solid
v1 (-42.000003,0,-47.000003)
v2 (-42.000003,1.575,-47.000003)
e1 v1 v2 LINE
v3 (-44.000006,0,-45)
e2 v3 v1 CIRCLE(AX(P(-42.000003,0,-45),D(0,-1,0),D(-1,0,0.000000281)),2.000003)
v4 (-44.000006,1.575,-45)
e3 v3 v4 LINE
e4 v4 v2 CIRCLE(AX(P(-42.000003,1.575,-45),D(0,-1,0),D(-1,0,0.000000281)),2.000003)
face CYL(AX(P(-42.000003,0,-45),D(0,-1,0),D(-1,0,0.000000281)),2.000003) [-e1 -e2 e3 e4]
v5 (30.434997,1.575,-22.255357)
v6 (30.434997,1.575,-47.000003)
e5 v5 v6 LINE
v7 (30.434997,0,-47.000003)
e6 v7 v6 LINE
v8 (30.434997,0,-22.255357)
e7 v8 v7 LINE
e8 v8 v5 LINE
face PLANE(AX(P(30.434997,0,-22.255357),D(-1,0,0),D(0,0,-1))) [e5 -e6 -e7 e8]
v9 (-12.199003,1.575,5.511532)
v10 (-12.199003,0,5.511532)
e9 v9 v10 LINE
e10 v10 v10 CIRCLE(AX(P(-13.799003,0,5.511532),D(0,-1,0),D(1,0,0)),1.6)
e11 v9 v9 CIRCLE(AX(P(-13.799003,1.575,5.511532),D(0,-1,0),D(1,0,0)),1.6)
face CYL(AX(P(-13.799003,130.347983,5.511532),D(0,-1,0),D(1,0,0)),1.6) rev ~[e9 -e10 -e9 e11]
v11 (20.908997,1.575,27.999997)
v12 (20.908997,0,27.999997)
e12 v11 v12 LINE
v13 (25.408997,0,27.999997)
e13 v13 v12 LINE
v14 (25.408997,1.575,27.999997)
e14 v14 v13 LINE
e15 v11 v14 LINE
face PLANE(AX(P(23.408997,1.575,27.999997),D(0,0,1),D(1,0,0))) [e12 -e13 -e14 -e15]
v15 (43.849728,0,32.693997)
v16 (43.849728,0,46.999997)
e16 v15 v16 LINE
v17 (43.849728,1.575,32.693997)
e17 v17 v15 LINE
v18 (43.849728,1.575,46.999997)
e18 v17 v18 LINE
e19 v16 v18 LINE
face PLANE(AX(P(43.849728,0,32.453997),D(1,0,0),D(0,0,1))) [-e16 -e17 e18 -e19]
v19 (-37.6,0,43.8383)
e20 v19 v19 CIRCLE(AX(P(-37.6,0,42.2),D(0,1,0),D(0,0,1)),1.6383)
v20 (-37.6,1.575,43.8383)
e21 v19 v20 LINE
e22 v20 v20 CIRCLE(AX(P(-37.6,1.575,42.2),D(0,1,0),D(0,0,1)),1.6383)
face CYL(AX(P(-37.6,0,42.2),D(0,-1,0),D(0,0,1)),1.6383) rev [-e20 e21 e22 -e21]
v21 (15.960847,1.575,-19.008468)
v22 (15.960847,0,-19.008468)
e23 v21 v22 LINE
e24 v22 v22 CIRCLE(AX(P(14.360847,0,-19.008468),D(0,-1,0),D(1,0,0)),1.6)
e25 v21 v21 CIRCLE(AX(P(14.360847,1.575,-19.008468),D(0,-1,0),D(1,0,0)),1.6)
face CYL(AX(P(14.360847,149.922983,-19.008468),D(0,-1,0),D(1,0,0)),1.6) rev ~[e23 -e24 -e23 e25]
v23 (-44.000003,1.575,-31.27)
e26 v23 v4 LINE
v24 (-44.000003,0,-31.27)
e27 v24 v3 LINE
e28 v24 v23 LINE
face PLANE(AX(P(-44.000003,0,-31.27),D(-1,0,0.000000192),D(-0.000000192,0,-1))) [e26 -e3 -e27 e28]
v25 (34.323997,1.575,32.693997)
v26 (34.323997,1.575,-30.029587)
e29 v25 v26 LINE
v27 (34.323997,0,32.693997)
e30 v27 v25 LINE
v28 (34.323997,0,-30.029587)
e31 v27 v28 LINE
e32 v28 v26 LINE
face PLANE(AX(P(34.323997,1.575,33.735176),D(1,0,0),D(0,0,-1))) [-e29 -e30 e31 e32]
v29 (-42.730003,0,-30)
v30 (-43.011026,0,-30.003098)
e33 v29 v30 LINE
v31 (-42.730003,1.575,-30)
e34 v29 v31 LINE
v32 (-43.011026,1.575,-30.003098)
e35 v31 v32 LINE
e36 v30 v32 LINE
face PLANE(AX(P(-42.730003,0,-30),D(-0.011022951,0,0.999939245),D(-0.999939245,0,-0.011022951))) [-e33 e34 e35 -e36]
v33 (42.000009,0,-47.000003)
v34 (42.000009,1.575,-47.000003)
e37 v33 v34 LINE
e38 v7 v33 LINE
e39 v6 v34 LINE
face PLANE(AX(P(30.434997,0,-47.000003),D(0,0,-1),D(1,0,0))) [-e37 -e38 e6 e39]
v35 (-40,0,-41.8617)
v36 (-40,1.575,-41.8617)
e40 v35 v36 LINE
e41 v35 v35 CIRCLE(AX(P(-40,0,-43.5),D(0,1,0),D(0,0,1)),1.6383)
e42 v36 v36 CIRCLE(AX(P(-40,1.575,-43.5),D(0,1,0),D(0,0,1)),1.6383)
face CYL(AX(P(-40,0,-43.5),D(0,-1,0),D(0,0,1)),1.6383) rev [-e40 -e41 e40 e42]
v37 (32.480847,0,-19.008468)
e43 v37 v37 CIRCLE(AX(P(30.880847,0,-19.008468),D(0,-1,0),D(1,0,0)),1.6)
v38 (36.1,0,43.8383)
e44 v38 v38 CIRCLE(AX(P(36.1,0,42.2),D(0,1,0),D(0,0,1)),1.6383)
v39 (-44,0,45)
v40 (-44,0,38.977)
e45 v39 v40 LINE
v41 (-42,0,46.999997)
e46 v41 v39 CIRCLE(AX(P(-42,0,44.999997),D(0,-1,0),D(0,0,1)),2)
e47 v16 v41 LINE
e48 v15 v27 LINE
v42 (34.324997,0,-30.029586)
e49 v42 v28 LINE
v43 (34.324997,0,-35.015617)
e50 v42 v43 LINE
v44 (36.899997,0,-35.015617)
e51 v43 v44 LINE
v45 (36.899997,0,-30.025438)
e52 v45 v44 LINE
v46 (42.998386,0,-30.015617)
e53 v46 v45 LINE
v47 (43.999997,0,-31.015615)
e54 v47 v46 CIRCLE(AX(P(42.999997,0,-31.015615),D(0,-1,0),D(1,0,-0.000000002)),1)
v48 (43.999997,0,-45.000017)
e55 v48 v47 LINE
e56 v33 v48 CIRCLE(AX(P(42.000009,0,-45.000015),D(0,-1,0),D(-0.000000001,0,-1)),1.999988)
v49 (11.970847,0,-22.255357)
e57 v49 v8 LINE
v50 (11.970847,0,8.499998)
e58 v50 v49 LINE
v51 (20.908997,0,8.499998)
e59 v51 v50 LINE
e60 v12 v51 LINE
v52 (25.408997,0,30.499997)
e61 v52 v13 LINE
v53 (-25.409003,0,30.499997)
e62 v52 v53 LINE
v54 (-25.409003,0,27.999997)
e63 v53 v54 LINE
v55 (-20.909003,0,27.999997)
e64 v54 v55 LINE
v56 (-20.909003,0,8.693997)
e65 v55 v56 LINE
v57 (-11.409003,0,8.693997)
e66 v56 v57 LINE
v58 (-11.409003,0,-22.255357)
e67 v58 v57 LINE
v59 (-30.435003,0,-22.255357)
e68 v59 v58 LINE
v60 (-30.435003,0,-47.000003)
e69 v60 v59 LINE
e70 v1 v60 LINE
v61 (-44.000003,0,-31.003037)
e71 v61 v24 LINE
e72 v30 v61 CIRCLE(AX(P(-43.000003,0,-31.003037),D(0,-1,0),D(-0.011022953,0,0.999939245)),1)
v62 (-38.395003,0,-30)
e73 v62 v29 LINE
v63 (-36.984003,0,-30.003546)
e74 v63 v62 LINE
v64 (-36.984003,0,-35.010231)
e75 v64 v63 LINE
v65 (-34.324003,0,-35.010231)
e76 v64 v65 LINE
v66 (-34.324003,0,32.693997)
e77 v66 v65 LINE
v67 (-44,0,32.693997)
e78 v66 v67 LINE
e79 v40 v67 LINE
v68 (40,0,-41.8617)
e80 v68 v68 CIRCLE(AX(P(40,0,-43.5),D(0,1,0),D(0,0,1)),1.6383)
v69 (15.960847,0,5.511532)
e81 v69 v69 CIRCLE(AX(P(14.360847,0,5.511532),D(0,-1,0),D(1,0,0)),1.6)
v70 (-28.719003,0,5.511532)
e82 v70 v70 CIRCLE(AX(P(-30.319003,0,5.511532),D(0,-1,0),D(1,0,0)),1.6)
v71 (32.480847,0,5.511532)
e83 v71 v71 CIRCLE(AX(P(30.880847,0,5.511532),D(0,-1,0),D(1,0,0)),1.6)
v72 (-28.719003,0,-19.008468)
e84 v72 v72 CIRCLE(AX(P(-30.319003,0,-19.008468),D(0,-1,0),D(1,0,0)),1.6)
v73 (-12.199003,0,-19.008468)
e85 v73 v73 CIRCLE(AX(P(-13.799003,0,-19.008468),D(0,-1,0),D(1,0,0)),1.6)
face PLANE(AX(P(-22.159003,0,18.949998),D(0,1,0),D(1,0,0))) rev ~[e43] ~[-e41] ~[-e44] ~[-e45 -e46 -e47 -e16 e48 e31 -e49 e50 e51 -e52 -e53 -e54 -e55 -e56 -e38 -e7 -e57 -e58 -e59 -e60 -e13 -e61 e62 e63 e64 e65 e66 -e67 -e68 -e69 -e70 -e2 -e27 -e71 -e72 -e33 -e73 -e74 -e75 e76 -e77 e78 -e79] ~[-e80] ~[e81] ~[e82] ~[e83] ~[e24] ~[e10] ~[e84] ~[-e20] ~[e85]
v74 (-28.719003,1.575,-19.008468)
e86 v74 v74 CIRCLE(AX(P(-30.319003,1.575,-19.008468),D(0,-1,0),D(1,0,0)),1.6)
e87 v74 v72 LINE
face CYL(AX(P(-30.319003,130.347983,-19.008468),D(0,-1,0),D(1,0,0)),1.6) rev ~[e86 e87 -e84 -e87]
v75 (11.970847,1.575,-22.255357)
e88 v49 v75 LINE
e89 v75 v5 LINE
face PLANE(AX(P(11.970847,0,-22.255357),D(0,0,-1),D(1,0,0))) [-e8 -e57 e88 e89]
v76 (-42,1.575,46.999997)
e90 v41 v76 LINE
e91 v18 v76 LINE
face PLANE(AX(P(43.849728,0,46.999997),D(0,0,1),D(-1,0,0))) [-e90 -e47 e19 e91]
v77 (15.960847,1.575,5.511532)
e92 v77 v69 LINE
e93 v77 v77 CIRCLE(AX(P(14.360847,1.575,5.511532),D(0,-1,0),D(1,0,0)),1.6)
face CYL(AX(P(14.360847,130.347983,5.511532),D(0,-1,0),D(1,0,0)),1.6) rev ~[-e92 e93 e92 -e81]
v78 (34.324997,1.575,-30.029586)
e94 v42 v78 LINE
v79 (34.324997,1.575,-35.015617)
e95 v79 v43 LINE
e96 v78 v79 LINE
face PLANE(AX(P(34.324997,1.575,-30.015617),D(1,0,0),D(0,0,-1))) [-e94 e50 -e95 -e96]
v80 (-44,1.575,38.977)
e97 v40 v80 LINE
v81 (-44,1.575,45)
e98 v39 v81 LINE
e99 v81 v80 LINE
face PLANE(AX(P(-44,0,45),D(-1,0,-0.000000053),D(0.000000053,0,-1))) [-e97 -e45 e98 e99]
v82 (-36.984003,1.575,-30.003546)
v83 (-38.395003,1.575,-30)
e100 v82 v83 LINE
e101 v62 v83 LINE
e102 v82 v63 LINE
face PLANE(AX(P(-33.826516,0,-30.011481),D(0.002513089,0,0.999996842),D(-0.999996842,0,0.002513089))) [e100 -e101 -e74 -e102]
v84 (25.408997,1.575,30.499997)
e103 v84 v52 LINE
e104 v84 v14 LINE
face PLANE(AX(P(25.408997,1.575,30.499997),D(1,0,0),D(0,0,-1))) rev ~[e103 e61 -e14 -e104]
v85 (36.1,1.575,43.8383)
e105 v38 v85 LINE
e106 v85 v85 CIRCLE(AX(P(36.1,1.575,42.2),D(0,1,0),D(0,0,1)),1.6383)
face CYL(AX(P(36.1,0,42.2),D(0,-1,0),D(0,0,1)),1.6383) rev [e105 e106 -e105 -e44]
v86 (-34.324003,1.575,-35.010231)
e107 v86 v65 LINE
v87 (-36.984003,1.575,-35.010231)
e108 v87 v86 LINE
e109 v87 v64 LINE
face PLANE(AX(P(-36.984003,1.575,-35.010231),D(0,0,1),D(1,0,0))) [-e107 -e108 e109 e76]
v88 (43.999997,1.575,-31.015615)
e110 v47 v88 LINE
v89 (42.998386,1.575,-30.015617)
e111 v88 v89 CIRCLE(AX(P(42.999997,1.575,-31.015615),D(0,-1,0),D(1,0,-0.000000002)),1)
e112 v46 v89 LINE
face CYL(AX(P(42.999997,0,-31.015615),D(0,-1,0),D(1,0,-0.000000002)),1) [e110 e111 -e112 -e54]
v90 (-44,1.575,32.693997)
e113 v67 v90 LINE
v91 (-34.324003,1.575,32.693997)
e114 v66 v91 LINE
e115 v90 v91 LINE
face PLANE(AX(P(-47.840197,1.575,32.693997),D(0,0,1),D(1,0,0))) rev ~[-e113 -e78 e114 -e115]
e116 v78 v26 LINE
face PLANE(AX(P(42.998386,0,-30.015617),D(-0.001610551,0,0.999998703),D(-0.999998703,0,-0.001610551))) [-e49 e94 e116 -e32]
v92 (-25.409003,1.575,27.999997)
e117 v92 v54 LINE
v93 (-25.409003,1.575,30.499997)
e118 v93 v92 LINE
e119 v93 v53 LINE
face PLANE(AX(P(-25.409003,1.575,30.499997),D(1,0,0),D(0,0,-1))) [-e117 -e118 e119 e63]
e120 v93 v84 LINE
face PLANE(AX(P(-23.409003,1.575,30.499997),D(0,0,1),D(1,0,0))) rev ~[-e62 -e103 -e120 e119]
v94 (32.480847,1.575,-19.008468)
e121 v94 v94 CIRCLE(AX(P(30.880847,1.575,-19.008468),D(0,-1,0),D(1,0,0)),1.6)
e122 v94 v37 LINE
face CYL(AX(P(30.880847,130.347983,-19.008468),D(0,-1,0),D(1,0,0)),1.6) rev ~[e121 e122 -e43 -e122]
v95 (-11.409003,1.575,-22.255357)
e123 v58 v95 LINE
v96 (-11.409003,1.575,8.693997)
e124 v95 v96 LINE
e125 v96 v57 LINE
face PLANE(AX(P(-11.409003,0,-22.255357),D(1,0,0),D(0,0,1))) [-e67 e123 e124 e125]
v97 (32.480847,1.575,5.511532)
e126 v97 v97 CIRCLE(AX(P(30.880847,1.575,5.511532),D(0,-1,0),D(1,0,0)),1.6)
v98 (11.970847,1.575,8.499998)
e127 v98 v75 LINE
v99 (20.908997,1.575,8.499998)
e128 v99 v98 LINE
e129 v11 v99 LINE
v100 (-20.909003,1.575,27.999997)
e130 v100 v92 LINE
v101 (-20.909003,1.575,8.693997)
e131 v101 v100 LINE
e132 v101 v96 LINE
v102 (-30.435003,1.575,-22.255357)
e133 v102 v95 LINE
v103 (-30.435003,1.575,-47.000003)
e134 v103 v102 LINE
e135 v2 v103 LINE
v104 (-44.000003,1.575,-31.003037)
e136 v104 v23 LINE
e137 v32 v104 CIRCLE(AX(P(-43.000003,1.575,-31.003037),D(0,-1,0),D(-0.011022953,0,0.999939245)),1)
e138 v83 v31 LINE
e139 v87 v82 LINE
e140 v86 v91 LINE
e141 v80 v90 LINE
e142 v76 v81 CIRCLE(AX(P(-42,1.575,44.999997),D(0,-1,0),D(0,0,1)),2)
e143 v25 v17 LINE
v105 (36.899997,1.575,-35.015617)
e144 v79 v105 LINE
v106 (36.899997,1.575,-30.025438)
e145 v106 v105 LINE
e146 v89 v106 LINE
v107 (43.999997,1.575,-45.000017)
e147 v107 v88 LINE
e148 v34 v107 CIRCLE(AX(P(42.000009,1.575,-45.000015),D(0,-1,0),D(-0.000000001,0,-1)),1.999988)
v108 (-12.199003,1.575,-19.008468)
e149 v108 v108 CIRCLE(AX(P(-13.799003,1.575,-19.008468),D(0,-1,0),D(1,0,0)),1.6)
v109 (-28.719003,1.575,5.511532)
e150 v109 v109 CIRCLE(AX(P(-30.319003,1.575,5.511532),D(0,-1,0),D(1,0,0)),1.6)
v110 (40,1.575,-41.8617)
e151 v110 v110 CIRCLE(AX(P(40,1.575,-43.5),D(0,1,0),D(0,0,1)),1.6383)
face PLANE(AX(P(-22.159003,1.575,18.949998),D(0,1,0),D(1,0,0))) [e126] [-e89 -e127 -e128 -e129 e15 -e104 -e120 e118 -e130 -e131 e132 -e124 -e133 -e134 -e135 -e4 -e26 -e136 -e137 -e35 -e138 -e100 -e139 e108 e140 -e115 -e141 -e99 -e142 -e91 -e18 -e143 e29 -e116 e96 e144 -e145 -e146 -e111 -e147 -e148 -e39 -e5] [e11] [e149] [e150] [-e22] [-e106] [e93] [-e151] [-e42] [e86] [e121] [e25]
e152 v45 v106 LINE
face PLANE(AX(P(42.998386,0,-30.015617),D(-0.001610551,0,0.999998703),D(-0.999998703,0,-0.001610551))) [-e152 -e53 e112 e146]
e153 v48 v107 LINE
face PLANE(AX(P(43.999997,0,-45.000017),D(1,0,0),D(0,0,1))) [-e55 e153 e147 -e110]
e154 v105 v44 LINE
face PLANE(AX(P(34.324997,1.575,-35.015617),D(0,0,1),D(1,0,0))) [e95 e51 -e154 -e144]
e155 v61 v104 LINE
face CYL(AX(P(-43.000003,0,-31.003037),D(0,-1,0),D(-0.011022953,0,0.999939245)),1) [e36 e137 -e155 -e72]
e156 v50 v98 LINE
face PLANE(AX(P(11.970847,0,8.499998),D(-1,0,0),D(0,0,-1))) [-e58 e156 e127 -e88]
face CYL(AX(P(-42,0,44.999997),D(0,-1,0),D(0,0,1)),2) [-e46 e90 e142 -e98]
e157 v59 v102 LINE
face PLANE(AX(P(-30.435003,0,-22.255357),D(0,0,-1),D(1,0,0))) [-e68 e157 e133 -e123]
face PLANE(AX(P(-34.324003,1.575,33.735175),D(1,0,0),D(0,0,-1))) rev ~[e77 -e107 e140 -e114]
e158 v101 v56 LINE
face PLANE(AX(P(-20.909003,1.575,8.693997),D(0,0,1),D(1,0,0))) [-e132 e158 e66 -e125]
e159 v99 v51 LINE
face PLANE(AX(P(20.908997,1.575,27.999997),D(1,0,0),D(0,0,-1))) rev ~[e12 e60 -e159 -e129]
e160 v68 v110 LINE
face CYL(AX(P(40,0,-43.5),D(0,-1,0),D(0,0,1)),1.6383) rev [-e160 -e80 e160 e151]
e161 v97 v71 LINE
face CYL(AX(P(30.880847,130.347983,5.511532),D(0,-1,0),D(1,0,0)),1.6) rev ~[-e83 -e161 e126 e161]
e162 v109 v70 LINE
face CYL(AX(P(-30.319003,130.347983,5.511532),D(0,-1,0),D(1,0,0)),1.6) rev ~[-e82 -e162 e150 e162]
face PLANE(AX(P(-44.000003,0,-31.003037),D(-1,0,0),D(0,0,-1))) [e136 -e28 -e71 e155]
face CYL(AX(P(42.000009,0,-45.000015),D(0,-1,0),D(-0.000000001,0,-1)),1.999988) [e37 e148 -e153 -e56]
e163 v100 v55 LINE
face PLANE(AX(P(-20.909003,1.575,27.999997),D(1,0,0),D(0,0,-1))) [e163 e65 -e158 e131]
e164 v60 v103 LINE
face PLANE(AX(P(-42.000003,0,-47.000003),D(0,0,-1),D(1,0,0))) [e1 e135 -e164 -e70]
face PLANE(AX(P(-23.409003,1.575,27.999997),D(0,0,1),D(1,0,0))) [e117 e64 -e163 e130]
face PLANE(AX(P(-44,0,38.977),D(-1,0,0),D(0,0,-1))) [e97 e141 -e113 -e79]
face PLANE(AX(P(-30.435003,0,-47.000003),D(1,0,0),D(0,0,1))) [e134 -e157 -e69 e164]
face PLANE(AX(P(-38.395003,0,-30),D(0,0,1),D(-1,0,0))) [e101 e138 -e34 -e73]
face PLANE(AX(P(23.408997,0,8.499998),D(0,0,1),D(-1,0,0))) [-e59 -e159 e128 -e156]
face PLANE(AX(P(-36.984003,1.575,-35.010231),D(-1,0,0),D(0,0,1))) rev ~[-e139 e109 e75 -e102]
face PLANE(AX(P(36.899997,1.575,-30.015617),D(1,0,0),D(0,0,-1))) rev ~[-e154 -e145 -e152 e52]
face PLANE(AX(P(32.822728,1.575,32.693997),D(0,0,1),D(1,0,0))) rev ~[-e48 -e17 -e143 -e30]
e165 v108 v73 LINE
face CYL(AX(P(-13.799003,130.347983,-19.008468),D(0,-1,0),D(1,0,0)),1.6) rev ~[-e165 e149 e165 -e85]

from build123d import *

# Parameters (mm, degrees)
SKETCH1_2_R                 = 1.6383
BOSS_EXTRUDE2_DEPTH         = 1.575
SKETCH2_W                   = 14.080651801
SKETCH2_H                   = 7.11628052
SKETCH2_W_2                 = 15.007196354
SKETCH2_H_2                 = 9.421332762
CUT_EXTRUDE1_DEPTH          = 65.400942629
ADDITIONAL_PCB_MATERIAL_W   = 2.649520344
ADDITIONAL_PCB_MATERIAL_H   = 65.213315835
ADDITIONAL_PCB_MATERIAL_W_2 = 1.5
ADDITIONAL_PCB_MATERIAL_H_2 = 65.299191064
BOSS_EXTRUDE3_DEPTH         = 1.575
SKETCH3_W                   = 46.818
SKETCH3_H                   = 1
BOSS_EXTRUDE4_DEPTH         = 1.575
SKETCH4_W                   = 2
SKETCH4_H                   = 2.5
CUT_EXTRUDE2_DEPTH          = 65.400942629
SKETCH5_W                   = 2.5
SKETCH5_H                   = 18.09999695
SKETCH5_H_2                 = 19.499999394
BOSS_EXTRUDE5_DEPTH         = 1.575
SKETCH7_W                   = 9.5
SKETCH7_H                   = 1.20600305
CUT_EXTRUDE3_DEPTH          = 65.400942629
M3_CLEARANCE_HOLE1_D        = 3.2
M3_CLEARANCE_HOLE2_D        = 3.2
M3_CLEARANCE_HOLE3_D        = 3.2
M3_CLEARANCE_HOLE4_D        = 3.2
M3_CLEARANCE_HOLE5_D        = 3.2
SKETCH26_W                  = 2.575
SKETCH26_H                  = 5
CUT_EXTRUDE4_DEPTH          = 10


with BuildPart() as part:
    # Sketch1<2> → Boss-Extrude2 (new body)
    with BuildSketch(Plane(origin=(0, 0, 0), x_dir=(1, 0, 0), z_dir=(0, 1, 0))):
        with BuildLine():
            Line((-38.39500299, 29.999999735), (-42.73000299, 29.999999735))
            Line((-42.73000299, 29.999999735), (-43.011025994, 30.003097626))
            ThreePointArc((-43.011025994, 30.003097626), (-43.710996344, 30.299838092), (-44.000003042, 31.003036872))
            Line((-44.000003042, 31.003036872), (-44.000003042, 31.269999735))
            Line((-44.000003042, 31.269999735), (-44.000005679, 44.999999735))
            ThreePointArc((-44.000005679, 44.999999735), (-43.414218633, 46.414215608), (-42.000002924, 47.000003051))
            Line((-42.000002924, 47.000003051), (-30.435003, 47.000003051))
            Line((-30.435003, 47.000003051), (-30.435003, 22.255357341))
            Line((-30.435003, 22.255357341), (-11.409003, 22.255357341))
            Line((-11.409003, 22.255357341), (-11.409003, -9.899999999))
            Line((-11.409003, -9.899999999), (-23.409003, -9.899999999))
            Line((-23.409003, -9.899999999), (-23.409003, -31.499996949))
            Line((-23.409003, -31.499996949), (23.408997, -31.499996949))
            Line((23.408997, -31.499996949), (23.408997, -8.499997555))
            Line((23.408997, -8.499997555), (11.97084713, -8.499997555))
            Line((11.97084713, -8.499997555), (11.97084713, 22.255357341))
            Line((11.97084713, 22.255357341), (30.434997, 22.255357341))
            Line((30.434997, 22.255357341), (30.434997, 47.000003051))
            Line((30.434997, 47.000003051), (42.000008541, 47.000003051))
            ThreePointArc((42.000008541, 47.000003051), (43.414213215, 46.414220704), (43.999996956, 45.000016607))
            Line((43.999996956, 45.000016607), (43.999996956, 32.000003378))
            Line((43.999996956, 32.000003378), (43.999996956, 31.015615364))
            ThreePointArc((43.999996956, 31.015615364), (43.706534093, 30.307939396), (42.998386406, 30.015616661))
            Line((42.998386406, 30.015616661), (33.825607551, 30.030389905))
            ThreePointArc((33.825607551, 30.030389905), (33.117459864, 29.738067169), (32.823997, 29.030391202))
            Line((32.823997, 29.030391202), (32.823997, -30.453996949))
            ThreePointArc((32.823997, -30.453996949), (33.116890219, -31.16110373), (33.823997, -31.453996949))
            Line((33.823997, -31.453996949), (36.099999555, -31.453996949))
            Line((36.099999555, -31.453996949), (42.849728118, -31.453996949))
            ThreePointArc((42.849728118, -31.453996949), (43.556834899, -31.746890168), (43.849728118, -32.453996949))
            Line((43.849728118, -32.453996949), (43.849728118, -36.999996949))
            Line((43.849728118, -36.999996949), (43.849728118, -46.999996949))
            Line((43.849728118, -46.999996949), (-42.000000178, -46.999996949))
            ThreePointArc((-42.000000178, -46.999996949), (-43.414212804, -46.414211581), (-44.000000499, -44.999999921))
            Line((-44.000000499, -44.999999921), (-44.000000178, -38.976999921))
            Line((-44.000000178, -38.976999921), (-44.000000178, -32.453999802))
            ThreePointArc((-44.000000178, -32.453999802), (-43.70710696, -31.746893021), (-43.000000178, -31.453999802))
            Line((-43.000000178, -31.453999802), (-36.100000549, -31.453999802))
            Line((-36.100000549, -31.453999802), (-33.824003042, -31.453999802))
            ThreePointArc((-33.824003042, -31.453999802), (-33.116896261, -31.161106583), (-32.824003042, -30.453999802))
            Line((-32.824003042, -30.453999802), (-32.824003042, 29.011483943))
            ThreePointArc((-32.824003042, 29.011483943), (-33.117785331, 29.719478678), (-33.826516131, 30.011480785))
            Line((-33.826516131, 30.011480785), (-38.39500299, 29.999999735))
        make_face()
        with Locations((40, 43.5)):
            Circle(SKETCH1_2_R, mode=Mode.SUBTRACT)
        with Locations((-40, 43.5)):
            Circle(SKETCH1_2_R, mode=Mode.SUBTRACT)
        with Locations((-37.6, -42.2)):
            Circle(SKETCH1_2_R, mode=Mode.SUBTRACT)
        with Locations((36.1, -42.2)):
            Circle(SKETCH1_2_R, mode=Mode.SUBTRACT)
    extrude(amount=BOSS_EXTRUDE2_DEPTH)

    # Sketch2 → Cut-Extrude1 (cut, through all)
    with BuildSketch(Plane(origin=(0, 1.575, 0), x_dir=(1, 0, 0), z_dir=(0, 1, 0))):
        with Locations((39.863054019, -29.135856689)):
            Rectangle(SKETCH2_W, SKETCH2_H)
        with Locations((-40.336598676, -27.983330568)):
            Rectangle(SKETCH2_W_2, SKETCH2_H_2)
    extrude(amount=-CUT_EXTRUDE1_DEPTH, mode=Mode.SUBTRACT)

    # Additional PCB material → Boss-Extrude3 (add)
    with BuildSketch(Plane(origin=(0, 1.575, 0), x_dir=(1, 0, 0), z_dir=(0, 1, 0))):
        with Locations((32.999236828, -1.128517583)):
            Rectangle(ADDITIONAL_PCB_MATERIAL_W, ADDITIONAL_PCB_MATERIAL_H)
        with Locations((-33.574003042, -1.085579968)):
            Rectangle(ADDITIONAL_PCB_MATERIAL_W_2, ADDITIONAL_PCB_MATERIAL_H_2)
    extrude(amount=-BOSS_EXTRUDE3_DEPTH)

    # Sketch3 → Boss-Extrude4 (add)
    with BuildSketch(Plane(origin=(0, 1.575, 0), x_dir=(1, 0, 0), z_dir=(0, 1, 0))):
        with Locations((-3e-06, -30.999996949)):
            Rectangle(SKETCH3_W, SKETCH3_H)
    extrude(amount=-BOSS_EXTRUDE4_DEPTH)

    # Sketch4 → Cut-Extrude2 (cut, through all)
    with BuildSketch(Plane(origin=(0, 1.575, 0), x_dir=(1, 0, 0), z_dir=(0, 1, 0))):
        with Locations((24.408997, -29.249996949)):
            Rectangle(SKETCH4_W, SKETCH4_H)
        with Locations((-24.409003, -29.249996949)):
            Rectangle(SKETCH4_W, SKETCH4_H)
    extrude(amount=-CUT_EXTRUDE2_DEPTH, mode=Mode.SUBTRACT)

    # Sketch5 → Boss-Extrude5 (add)
    with BuildSketch(Plane(origin=(0, 1.575, 0), x_dir=(1, 0, 0), z_dir=(0, 1, 0))):
        with Locations((-22.159003, -18.949998474)):
            Rectangle(SKETCH5_W, SKETCH5_H)
        with Locations((22.158997, -18.249997252)):
            Rectangle(SKETCH5_W, SKETCH5_H_2)
    extrude(amount=-BOSS_EXTRUDE5_DEPTH)

    # Sketch7 → Cut-Extrude3 (cut, through all)
    with BuildSketch(Plane(origin=(0, 1.575, 0), x_dir=(1, 0, 0), z_dir=(0, 1, 0))):
        with Locations((-16.159003, -9.296998474)):
            Rectangle(SKETCH7_W, SKETCH7_H)
    extrude(amount=-CUT_EXTRUDE3_DEPTH, mode=Mode.SUBTRACT)

    # M3 Clearance Hole1 (through all)
    with Locations(Plane(origin=(-37.357724691, 1.575, 48.235847646), x_dir=(-1, 0, 0), z_dir=(0, 1, 0))):
        with Locations((-23.558721691, -42.724316051), (-23.558721691, -67.244316051), (-7.038721691, -67.244316051), (-7.038721691, -42.724316051)):
            Hole(M3_CLEARANCE_HOLE1_D / 2)

    # M3 Clearance Hole2 (through all)
    with Locations(Plane(origin=(-37.357724691, 1.575, 48.235847646), x_dir=(-1, 0, 0), z_dir=(0, 1, 0))):
        with Locations((-51.71857182, -42.724316051)):
            Hole(M3_CLEARANCE_HOLE2_D / 2)

    # M3 Clearance Hole3 (through all)
    with Locations(Plane(origin=(-37.357724691, 1.575, 48.235847646), x_dir=(-1, 0, 0), z_dir=(0, 1, 0))):
        with Locations((-68.23857182, -42.724316051)):
            Hole(M3_CLEARANCE_HOLE3_D / 2)

    # M3 Clearance Hole4 (through all)
    with Locations(Plane(origin=(-37.357724691, 21.15, 48.235847646), x_dir=(-1, 0, 0), z_dir=(0, 1, 0))):
        with Locations((-51.71857182, -67.244316051)):
            Hole(M3_CLEARANCE_HOLE4_D / 2)

    # M3 Clearance Hole5 (through all)
    with Locations(Plane(origin=(-37.357724691, 1.575, 48.235847646), x_dir=(-1, 0, 0), z_dir=(0, 1, 0))):
        with Locations((-68.23857182, -67.244316051)):
            Hole(M3_CLEARANCE_HOLE5_D / 2)

    # Sketch26 → Cut-Extrude4 (cut)
    with BuildSketch(Plane(origin=(0, 1.575, 0), x_dir=(1, 0, 0), z_dir=(0, 1, 0))):
        Polygon((-36.984003042, 35.010230552), (-34.324003042, 35.010230552), (-34.324003042, 29.927765717), (-36.984003042, 29.927765717), (-36.984003042, 30.010230552), align=None)
        with Locations((35.612496956, 32.515616661)):
            Rectangle(SKETCH26_W, SKETCH26_H)
    extrude(amount=-CUT_EXTRUDE4_DEPTH, mode=Mode.SUBTRACT)


solid = part.part
